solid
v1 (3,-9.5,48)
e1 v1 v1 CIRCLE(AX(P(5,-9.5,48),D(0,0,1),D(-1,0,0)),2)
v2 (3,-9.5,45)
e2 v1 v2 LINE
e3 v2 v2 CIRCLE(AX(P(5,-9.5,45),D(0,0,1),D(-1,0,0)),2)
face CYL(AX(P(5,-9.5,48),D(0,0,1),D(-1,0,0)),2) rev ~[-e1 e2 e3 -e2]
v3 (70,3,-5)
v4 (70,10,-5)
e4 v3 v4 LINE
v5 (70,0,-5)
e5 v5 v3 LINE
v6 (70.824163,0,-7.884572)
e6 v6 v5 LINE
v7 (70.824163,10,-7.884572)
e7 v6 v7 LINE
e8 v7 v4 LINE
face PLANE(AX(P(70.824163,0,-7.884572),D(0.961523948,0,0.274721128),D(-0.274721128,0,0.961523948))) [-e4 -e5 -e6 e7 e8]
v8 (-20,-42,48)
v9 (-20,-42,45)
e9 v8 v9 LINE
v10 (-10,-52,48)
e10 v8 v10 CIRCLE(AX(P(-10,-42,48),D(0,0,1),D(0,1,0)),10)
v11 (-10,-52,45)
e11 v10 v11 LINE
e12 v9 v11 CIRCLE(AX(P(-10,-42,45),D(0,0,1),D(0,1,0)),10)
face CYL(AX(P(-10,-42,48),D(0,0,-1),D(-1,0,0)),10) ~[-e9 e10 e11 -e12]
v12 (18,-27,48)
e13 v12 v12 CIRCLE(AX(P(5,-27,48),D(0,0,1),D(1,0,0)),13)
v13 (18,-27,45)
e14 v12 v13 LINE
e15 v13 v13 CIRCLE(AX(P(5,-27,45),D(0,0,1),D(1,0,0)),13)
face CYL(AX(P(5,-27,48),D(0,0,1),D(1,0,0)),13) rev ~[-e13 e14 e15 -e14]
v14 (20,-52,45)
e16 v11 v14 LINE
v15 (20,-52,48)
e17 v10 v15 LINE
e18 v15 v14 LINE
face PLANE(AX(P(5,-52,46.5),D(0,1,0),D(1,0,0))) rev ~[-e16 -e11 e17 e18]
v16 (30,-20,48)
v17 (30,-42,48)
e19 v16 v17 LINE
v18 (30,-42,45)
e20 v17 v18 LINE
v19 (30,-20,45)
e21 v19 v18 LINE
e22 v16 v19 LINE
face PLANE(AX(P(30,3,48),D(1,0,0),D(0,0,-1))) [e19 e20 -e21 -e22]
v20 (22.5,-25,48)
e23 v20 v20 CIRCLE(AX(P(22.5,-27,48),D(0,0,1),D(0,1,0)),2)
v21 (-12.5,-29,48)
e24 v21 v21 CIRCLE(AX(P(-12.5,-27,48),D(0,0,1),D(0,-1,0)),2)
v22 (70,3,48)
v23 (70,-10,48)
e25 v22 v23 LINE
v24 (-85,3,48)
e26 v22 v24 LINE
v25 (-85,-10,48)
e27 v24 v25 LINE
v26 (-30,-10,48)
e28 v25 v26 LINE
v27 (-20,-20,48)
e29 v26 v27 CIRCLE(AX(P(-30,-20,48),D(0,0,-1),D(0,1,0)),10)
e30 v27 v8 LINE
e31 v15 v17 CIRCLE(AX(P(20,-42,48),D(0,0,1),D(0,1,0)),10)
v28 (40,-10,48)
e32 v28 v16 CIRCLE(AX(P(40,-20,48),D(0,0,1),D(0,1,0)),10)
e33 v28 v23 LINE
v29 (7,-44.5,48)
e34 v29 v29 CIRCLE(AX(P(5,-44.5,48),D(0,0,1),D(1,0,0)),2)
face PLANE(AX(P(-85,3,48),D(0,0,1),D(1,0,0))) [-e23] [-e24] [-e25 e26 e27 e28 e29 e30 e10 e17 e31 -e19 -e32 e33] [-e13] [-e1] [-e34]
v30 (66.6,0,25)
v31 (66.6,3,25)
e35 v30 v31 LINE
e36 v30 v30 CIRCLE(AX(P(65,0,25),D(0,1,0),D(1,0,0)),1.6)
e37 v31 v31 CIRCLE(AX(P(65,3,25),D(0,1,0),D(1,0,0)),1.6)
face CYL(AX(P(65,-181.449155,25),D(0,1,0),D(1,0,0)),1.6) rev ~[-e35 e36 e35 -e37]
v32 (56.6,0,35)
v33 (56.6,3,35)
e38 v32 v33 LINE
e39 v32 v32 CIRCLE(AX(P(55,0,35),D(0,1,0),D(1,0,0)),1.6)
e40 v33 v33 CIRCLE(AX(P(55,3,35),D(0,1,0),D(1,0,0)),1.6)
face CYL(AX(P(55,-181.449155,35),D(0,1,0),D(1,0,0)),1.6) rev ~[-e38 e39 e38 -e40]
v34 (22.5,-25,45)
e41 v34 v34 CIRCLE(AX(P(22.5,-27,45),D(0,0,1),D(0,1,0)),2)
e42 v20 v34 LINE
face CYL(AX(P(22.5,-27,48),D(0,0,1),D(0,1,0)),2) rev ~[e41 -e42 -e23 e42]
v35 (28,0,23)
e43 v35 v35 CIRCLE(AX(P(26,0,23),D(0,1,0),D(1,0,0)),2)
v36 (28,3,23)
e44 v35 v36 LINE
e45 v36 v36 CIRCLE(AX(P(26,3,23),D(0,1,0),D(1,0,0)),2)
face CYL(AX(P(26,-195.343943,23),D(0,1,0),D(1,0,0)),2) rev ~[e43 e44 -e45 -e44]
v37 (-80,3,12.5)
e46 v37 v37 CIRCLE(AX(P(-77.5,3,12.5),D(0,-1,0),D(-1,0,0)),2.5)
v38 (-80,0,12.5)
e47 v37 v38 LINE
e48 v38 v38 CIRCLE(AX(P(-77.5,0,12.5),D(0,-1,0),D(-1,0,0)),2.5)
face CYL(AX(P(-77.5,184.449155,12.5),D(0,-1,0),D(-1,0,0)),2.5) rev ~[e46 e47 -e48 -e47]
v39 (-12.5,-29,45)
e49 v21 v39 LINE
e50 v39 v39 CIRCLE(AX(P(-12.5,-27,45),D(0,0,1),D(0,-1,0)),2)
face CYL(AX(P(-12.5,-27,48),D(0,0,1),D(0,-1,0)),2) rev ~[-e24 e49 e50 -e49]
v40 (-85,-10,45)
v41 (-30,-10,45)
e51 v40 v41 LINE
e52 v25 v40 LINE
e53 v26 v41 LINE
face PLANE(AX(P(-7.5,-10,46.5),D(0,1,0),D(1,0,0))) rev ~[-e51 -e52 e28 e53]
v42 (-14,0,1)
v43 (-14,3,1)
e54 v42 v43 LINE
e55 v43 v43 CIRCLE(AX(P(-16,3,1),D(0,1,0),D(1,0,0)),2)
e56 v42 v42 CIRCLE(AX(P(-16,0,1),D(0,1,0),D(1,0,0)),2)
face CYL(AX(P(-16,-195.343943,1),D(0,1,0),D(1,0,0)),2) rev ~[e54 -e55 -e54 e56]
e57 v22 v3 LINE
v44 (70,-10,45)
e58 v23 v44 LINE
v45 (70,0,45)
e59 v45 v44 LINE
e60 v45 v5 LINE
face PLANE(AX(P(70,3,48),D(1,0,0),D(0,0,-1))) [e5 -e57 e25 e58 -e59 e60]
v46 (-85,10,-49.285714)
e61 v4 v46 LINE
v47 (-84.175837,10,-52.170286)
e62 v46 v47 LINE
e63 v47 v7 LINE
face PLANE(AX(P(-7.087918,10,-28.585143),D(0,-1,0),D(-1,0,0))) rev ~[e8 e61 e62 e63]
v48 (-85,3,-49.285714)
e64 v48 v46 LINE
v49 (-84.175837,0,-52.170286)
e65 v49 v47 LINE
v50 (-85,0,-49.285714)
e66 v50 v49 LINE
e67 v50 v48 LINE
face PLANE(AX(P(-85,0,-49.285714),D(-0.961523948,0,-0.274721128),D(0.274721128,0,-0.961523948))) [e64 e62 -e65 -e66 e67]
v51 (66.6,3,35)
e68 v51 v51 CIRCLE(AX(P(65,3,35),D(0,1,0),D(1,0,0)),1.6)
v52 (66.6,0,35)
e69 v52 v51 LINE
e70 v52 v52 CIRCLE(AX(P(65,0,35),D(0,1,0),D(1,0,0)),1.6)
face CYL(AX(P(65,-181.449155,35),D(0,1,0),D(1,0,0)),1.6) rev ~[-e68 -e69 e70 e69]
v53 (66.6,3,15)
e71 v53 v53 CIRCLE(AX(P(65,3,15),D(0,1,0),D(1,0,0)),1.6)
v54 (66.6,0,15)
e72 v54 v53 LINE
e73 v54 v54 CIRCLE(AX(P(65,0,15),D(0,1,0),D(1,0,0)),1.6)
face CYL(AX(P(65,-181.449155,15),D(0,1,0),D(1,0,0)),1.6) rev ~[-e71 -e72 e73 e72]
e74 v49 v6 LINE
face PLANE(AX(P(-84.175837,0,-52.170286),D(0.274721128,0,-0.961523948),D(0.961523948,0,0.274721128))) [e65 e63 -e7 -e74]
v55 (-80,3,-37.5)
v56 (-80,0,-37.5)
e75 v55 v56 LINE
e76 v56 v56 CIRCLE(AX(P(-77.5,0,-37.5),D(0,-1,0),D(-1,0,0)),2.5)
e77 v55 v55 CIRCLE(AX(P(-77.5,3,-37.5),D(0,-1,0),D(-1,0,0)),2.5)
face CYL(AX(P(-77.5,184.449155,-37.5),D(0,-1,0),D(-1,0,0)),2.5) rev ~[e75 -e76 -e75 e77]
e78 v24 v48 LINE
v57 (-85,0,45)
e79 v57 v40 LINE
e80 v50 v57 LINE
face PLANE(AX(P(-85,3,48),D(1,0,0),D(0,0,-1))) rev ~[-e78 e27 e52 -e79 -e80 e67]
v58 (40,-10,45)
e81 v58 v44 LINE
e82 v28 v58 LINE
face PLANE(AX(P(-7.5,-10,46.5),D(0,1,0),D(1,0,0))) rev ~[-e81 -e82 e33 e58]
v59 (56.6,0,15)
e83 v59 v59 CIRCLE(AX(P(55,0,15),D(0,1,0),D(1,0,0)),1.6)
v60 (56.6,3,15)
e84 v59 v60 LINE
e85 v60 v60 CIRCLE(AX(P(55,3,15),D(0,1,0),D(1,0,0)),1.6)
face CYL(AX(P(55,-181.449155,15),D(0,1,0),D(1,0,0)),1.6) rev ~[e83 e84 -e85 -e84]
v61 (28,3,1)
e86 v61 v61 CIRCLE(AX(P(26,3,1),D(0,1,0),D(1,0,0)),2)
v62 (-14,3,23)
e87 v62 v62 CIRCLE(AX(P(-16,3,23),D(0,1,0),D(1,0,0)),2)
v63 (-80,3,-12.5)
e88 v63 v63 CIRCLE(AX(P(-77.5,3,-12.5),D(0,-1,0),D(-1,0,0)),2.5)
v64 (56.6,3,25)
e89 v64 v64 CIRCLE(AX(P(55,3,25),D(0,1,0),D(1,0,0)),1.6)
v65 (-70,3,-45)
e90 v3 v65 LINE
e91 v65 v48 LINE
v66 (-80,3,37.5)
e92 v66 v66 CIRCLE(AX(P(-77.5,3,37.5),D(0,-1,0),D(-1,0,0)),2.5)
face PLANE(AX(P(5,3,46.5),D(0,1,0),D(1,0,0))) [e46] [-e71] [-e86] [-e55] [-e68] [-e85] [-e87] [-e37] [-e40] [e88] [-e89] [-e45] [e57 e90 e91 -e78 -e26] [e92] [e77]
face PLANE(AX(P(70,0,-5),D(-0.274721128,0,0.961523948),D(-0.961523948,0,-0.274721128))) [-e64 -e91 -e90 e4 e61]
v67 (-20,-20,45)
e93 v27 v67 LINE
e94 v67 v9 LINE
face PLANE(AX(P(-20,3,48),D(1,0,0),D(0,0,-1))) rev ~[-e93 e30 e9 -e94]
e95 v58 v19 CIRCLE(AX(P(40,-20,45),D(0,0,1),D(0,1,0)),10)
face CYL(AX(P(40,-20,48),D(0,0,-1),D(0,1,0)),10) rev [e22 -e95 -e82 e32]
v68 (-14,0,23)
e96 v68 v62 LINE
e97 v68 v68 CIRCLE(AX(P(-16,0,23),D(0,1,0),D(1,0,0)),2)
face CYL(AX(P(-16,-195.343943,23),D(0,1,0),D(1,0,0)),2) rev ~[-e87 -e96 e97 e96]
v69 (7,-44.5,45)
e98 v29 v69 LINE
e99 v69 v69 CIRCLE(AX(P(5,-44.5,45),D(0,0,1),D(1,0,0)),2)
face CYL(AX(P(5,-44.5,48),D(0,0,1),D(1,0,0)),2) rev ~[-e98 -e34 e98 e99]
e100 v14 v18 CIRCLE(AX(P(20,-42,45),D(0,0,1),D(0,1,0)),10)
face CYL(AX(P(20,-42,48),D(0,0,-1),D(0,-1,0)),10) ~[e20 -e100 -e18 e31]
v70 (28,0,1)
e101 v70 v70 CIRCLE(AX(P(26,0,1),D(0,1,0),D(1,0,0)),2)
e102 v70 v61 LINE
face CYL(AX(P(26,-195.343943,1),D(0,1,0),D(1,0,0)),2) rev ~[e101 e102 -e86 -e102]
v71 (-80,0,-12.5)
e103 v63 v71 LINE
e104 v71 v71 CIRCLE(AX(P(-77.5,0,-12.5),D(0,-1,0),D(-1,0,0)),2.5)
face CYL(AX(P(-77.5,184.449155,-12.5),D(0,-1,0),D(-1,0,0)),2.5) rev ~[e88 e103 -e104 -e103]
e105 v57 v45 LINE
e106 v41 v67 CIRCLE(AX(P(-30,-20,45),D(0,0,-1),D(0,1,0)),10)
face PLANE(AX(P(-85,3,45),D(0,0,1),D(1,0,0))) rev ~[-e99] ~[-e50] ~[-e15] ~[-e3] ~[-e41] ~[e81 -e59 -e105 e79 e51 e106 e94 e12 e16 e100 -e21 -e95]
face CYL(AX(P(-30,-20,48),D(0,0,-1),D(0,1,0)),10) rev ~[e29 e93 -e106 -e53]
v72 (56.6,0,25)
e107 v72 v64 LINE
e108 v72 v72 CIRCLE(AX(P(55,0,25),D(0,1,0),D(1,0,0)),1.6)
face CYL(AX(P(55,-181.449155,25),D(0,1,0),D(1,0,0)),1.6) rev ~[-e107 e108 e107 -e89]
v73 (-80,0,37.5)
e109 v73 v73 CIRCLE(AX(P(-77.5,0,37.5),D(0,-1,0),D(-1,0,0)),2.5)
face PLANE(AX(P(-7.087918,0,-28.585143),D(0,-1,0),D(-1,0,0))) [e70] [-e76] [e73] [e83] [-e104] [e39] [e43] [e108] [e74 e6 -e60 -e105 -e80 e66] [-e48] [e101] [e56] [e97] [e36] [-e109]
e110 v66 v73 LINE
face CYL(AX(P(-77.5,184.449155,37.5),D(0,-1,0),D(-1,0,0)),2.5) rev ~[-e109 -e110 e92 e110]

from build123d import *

# Parameters (mm, degrees)
EXTRUDE_1_DEPTH             = 3
HOLE_WIZARD_5_0_5_2_D       = 5
HOLE_WIZARD_3_2_3_2_2_D     = 3.2
PATTERN_LINEAR_1_COUNT      = 3
PATTERN_LINEAR_1_PITCH      = 10
PATTERN_LINEAR_1_COUNT_DIR2 = 2
PATTERN_LINEAR_1_PITCH_DIR2 = 10
SKETCH_8_W                  = 155
SKETCH_8_H                  = 3
EXTRUDE_2_DEPTH             = 13
SKETCH_10_W                 = 50
SKETCH_10_H                 = 3
EXTRUDE_3_DEPTH             = 55
EXTRUDE_5_DEPTH             = 10
SKETCH_12_R                 = 13
CUT_EXTRUDE_1_DEPTH         = 3
SKETCH_13_R                 = 2
CUT_EXTRUDE_2_DEPTH         = 3
PATTERN_CIRCULAR_1_COUNT    = 4
FILLET_1_R                  = 10
HOLE_WIZARD_4_0_4_1_D       = 4


with BuildPart() as part:
    # 草图1 → 凸台-拉伸1 (new body)
    with BuildSketch(Plane(origin=(0, 0, 0), x_dir=(1, 0, 0), z_dir=(0, 1, 0))):
        Polygon((-85, -45), (70, -45), (70, 5), (-70, 45), (-85, 45), align=None)
        Polygon((-85, 45), (-70, 45), (-85, 49.285714286), align=None)
    extrude(amount=EXTRUDE_1_DEPTH)

    # Ø5.0 (5) 直径孔2 (through all)
    with Locations(Plane(origin=(0, 3, 0), x_dir=(1, 0, 0), z_dir=(0, 1, 0))):
        with Locations((-77.5, -37.5), (-77.5, -12.5), (-77.5, 37.5), (-77.5, 12.5)):
            Hole(HOLE_WIZARD_5_0_5_2_D / 2)

    # Ø3.2 (3.2) 直径孔2 (through all)
    with Locations(Plane(origin=(0, 0, 0), x_dir=(-1, 0, 0), z_dir=(0, -1, 0))):
        with Locations((-65, -35)):
            hole_wizard_3_2_3_2_2 = Hole(HOLE_WIZARD_3_2_3_2_2_D / 2)

    # 阵列(线性)1: Hole Wizard 3.2 _3.2_ _2 3 × 2
    with Locations(*[(-j * PATTERN_LINEAR_1_PITCH_DIR2, 0, -i * PATTERN_LINEAR_1_PITCH) for i in range(PATTERN_LINEAR_1_COUNT) for j in range(PATTERN_LINEAR_1_COUNT_DIR2) if (i, j) != (0, 0)]):
        add(hole_wizard_3_2_3_2_2, mode=Mode.SUBTRACT)

    # 草图8 → 凸台-拉伸2 (add)
    with BuildSketch(Plane(origin=(0, 3, 0), x_dir=(1, 0, 0), z_dir=(0, 1, 0))):
        with Locations((-7.5, -46.5)):
            Rectangle(SKETCH_8_W, SKETCH_8_H)
    extrude(amount=-EXTRUDE_2_DEPTH)

    # 草图10 → 凸台-拉伸3 (add)
    with BuildSketch(Plane(origin=(0, 3, 0), x_dir=(1, 0, 0), z_dir=(0, 1, 0))):
        with Locations((5, -46.5)):
            Rectangle(SKETCH_10_W, SKETCH_10_H)
    extrude(amount=-EXTRUDE_3_DEPTH)

    # 草图11 → 凸台-拉伸5 (add)
    with BuildSketch(Plane(origin=(0, 0, 0), x_dir=(1, 0, 0), z_dir=(0, 1, 0))):
        Polygon((-85, 49.285714286), (-84.175836616, 52.170286129), (70.824163384, 7.884571843), (70, 5), align=None)
    extrude(amount=EXTRUDE_5_DEPTH)

    # 草图12 → 切除-拉伸1 (cut)
    with BuildSketch(Plane.XY.offset(48)):
        with Locations((5, -27)):
            Circle(SKETCH_12_R)
    extrude(amount=-CUT_EXTRUDE_1_DEPTH, mode=Mode.SUBTRACT)

    # 草图13 → 切除-拉伸2 (cut)
    with BuildSketch(Plane.XY.offset(48)):
        with Locations((5, -44.5)):
            Circle(SKETCH_13_R)
    cut_extrude_2 = extrude(amount=-CUT_EXTRUDE_2_DEPTH, mode=Mode.SUBTRACT)

    # 阵列(圆周)1: 切除-拉伸2 ×4 about axis
    pattern_circular_1_axis = Axis((5, -27, 0), (0, 0, 1))
    for i in range(1, PATTERN_CIRCULAR_1_COUNT):
        add(cut_extrude_2.rotate(pattern_circular_1_axis, i * 360 / PATTERN_CIRCULAR_1_COUNT), mode=Mode.SUBTRACT)

    # 圆角1
    fillet_1_edges = [part.edges().sort_by_distance(p)[0] for p in [
        (-20, -10, 46.5),
        (30, -10, 46.5),
        (30, -52, 46.5),
        (-20, -52, 46.5),
    ]]
    fillet(fillet_1_edges, radius=FILLET_1_R)

    # Ø4.0 (4) 直径孔1 (through all)
    with Locations(Plane(origin=(0, 0, 0), x_dir=(-1, 0, 0), z_dir=(0, -1, 0))):
        with Locations((16, -1), (-26, -23), (16, -23), (-26, -1)):
            Hole(HOLE_WIZARD_4_0_4_1_D / 2)


solid = part.part
